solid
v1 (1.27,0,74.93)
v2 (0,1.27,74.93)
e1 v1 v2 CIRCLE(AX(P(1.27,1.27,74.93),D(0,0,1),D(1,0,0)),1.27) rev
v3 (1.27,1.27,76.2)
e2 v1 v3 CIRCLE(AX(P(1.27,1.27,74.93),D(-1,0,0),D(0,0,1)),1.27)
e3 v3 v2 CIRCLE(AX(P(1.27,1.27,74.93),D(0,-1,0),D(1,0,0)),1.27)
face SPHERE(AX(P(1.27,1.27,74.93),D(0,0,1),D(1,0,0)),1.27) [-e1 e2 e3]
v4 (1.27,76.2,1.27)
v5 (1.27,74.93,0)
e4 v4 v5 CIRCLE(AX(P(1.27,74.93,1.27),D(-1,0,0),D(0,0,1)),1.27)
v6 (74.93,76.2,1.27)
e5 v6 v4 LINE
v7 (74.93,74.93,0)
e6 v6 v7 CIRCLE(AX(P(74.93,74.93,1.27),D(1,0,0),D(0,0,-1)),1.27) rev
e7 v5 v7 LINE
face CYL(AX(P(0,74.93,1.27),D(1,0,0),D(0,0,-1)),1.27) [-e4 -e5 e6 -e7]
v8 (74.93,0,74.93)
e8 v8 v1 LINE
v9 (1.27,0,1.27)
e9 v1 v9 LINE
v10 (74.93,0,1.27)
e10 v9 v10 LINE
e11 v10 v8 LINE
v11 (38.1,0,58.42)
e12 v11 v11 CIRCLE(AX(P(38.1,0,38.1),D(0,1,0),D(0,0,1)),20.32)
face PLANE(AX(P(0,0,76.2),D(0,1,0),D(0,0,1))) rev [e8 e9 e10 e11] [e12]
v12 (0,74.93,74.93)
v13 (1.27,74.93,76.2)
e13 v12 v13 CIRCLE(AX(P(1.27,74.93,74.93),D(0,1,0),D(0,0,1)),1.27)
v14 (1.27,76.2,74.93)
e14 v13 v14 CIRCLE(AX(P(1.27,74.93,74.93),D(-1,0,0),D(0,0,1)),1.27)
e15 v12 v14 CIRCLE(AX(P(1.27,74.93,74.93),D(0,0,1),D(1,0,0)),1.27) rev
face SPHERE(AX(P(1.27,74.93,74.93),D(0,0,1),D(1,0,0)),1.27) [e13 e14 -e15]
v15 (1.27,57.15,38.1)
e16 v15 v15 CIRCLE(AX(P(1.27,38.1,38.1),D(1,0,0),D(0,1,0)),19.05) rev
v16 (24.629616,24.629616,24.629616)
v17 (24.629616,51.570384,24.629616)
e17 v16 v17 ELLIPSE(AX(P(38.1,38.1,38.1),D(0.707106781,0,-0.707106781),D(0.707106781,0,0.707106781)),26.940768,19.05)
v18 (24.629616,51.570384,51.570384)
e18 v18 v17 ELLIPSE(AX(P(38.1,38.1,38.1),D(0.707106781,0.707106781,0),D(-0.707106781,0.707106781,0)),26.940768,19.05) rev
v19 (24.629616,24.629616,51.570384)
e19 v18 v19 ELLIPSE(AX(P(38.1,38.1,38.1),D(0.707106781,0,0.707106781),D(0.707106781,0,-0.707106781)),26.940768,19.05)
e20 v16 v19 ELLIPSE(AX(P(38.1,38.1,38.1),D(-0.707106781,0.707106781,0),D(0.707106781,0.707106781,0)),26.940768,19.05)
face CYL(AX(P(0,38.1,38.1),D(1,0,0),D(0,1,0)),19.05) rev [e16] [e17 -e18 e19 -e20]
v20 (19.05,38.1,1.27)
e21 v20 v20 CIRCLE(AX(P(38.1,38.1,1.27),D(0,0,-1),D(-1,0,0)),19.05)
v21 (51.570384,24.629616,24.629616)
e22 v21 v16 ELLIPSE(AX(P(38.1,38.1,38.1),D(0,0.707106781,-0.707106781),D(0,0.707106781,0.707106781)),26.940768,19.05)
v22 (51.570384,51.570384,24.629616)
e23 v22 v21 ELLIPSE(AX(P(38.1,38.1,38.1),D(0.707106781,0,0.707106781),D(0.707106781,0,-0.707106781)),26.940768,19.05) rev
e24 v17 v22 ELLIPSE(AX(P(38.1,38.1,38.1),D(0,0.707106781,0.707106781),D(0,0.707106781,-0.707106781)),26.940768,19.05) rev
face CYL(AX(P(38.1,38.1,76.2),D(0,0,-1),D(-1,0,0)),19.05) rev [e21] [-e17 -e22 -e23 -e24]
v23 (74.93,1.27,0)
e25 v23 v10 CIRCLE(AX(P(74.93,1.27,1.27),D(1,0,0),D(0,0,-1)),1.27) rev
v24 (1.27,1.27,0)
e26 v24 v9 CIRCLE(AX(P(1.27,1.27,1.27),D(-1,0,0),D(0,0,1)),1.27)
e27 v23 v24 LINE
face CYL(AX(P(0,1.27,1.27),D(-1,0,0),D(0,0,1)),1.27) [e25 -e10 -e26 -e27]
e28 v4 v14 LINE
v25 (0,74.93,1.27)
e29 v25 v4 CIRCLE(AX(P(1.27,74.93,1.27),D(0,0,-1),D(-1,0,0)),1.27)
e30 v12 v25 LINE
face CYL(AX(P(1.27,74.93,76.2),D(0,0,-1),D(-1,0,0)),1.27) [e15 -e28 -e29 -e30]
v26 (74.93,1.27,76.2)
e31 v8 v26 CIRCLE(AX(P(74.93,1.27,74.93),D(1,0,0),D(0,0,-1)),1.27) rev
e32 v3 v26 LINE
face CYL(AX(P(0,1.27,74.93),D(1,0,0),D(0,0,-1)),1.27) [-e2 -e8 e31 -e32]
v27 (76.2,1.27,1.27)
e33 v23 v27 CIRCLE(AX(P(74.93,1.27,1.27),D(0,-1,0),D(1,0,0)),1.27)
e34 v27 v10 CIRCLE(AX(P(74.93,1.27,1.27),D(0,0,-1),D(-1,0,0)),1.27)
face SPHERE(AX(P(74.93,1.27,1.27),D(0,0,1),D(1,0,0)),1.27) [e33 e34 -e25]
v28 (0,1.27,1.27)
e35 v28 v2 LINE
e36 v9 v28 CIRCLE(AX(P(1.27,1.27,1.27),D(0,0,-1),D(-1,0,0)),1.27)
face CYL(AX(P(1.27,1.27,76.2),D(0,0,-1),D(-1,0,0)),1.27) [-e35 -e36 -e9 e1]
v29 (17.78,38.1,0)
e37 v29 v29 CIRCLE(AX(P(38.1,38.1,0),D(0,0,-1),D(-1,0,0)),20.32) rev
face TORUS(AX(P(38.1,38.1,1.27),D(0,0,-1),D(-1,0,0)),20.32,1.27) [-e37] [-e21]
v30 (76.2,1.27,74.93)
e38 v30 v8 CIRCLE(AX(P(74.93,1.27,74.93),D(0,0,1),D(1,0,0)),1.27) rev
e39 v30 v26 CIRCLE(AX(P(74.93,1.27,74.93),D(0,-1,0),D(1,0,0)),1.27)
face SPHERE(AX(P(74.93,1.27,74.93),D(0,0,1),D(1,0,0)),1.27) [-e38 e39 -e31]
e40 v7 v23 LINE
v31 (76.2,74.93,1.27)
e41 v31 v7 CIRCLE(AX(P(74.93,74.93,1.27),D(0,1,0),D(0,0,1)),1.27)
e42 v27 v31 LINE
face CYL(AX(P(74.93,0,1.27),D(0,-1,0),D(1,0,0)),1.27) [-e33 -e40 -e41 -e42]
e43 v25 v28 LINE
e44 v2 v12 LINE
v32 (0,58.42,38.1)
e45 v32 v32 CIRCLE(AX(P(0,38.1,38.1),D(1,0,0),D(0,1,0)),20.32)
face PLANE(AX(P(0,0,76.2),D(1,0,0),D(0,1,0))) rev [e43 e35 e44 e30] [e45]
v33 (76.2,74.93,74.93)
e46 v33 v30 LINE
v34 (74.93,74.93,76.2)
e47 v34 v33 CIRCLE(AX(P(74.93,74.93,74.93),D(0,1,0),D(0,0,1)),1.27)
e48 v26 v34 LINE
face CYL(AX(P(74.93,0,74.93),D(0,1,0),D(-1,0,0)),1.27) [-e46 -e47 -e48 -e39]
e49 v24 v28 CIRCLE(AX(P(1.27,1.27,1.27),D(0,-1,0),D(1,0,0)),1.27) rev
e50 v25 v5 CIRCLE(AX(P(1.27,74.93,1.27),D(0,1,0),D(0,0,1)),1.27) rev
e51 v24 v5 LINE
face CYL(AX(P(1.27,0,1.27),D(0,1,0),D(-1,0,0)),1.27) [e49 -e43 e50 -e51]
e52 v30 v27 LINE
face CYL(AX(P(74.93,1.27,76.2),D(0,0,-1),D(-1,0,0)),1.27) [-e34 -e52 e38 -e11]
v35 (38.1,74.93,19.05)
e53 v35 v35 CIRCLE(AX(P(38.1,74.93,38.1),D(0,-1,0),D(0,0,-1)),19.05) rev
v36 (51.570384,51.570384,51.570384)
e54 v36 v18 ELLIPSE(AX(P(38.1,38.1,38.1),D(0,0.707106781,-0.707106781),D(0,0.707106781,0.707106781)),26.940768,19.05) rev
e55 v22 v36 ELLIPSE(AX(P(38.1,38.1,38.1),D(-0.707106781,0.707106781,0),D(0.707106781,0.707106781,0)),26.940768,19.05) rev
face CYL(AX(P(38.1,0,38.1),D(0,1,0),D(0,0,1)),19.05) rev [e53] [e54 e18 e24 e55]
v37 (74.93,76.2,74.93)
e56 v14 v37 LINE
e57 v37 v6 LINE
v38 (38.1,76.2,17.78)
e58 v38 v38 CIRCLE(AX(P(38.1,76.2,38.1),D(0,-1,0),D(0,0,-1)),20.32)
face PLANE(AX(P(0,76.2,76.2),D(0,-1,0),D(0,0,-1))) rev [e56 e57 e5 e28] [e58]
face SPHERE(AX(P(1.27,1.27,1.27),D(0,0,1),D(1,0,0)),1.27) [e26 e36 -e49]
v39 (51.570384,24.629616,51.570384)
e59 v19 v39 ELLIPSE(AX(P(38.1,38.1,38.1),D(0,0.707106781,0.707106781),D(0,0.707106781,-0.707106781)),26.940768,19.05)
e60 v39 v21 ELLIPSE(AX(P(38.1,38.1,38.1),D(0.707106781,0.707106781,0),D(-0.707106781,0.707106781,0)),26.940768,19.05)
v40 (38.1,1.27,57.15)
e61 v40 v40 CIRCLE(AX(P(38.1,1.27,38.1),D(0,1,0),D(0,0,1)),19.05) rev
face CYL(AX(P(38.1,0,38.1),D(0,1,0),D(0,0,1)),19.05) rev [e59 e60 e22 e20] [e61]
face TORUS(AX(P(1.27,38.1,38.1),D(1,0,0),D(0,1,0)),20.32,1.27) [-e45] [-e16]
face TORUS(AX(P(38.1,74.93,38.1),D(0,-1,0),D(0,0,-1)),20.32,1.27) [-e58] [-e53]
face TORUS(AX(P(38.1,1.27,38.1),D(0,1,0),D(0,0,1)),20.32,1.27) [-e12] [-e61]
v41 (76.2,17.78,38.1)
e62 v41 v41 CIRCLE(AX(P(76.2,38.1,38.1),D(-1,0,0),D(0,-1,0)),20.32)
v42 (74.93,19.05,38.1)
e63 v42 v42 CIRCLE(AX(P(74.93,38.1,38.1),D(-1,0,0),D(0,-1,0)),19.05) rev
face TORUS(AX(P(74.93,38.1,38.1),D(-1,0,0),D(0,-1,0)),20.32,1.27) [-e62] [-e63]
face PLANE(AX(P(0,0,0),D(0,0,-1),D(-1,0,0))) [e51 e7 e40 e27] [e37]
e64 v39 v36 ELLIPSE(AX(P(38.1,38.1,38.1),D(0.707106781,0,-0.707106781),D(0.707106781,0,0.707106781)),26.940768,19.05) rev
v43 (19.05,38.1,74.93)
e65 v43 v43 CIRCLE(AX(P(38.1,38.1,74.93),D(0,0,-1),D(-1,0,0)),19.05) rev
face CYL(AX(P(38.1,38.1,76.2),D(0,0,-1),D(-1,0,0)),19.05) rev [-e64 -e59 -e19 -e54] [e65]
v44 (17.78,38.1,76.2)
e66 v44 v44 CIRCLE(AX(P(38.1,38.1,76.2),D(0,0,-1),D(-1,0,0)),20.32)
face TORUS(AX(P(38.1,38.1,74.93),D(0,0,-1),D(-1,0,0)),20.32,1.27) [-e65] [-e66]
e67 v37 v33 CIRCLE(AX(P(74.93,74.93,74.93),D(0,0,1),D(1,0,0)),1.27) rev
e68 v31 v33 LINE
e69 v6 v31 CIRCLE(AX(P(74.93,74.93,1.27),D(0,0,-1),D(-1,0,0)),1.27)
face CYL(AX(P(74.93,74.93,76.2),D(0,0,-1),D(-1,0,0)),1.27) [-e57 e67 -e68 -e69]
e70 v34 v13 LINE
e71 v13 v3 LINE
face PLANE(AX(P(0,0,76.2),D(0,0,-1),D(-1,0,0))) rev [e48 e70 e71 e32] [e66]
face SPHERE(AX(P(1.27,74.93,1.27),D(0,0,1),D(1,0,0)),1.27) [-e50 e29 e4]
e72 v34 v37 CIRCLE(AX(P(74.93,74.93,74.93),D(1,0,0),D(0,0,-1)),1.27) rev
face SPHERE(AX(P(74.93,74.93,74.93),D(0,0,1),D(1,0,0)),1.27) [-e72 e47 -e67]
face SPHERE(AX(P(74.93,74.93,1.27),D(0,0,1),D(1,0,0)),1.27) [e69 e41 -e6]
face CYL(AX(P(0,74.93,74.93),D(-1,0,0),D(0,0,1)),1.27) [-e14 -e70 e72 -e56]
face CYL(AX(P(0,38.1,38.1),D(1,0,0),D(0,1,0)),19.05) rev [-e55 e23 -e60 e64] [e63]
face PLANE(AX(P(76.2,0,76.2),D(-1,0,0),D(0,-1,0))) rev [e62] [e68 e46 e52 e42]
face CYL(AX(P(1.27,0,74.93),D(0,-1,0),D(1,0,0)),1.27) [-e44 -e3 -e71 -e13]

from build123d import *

# Parameters (mm, degrees)
SKETCH2_W           = 76.2
SKETCH2_H           = 76.2
BOSS_EXTRUDE2_DEPTH = 76.2
SKETCH3_R           = 19.05
CUT_EXTRUDE1_DEPTH  = 76.2
SKETCH4_R           = 19.05
CUT_EXTRUDE2_DEPTH  = 132.982271537
SKETCH5_R           = 19.05
CUT_EXTRUDE3_DEPTH  = 132.982271537
FILLET2_R           = 1.27


with BuildPart() as part:
    # Sketch2 → Boss-Extrude2 (new body)
    with BuildSketch(Plane.XY):
        with Locations((38.1, 38.1)):
            Rectangle(SKETCH2_W, SKETCH2_H)
    extrude(amount=BOSS_EXTRUDE2_DEPTH)

    # Sketch3 → Cut-Extrude1 (cut)
    with BuildSketch(Plane(origin=(0, 76.2, 0), x_dir=(1, 0, 0), z_dir=(0, 1, 0))):
        with Locations(Location((38.1, -38.1, 0), (0, 0, 270))):
            Circle(SKETCH3_R)
    extrude(amount=-CUT_EXTRUDE1_DEPTH, mode=Mode.SUBTRACT)

    # Sketch4 → Cut-Extrude2 (cut, through all)
    with BuildSketch(Plane(origin=(76.2, 0, 0), x_dir=(0, 0, -1), z_dir=(1, 0, 0))):
        with Locations(Location((-38.1, 38.1, 0), (0, 0, 90))):
            Circle(SKETCH4_R)
    extrude(amount=-CUT_EXTRUDE2_DEPTH, mode=Mode.SUBTRACT)

    # Sketch5 → Cut-Extrude3 (cut, through all)
    with BuildSketch(Plane(origin=(0, 0, 0), x_dir=(-1, 0, 0), z_dir=(0, 0, -1))):
        with Locations((-38.1, 38.1)):
            Circle(SKETCH5_R)
    extrude(amount=-CUT_EXTRUDE3_DEPTH, mode=Mode.SUBTRACT)

    # Fillet2
    fillet2_edges = [part.edges().sort_by_distance(p)[0] for p in [
        (76.2, 38.1, 76.2),
        (38.1, 0, 19.05),
        (38.1, 76.2, 19.05),
        (38.1, 76.2, 76.2),
        (0, 19.05, 38.1),
        (76.2, 19.05, 38.1),
        (57.15, 38.1, 76.2),
        (57.15, 38.1, 0),
        (0, 38.1, 76.2),
        (38.1, 76.2, 0),
        (76.2, 38.1, 0),
        (38.1, 0, 0),
        (0, 38.1, 0),
        (0, 76.2, 38.1),
        (76.2, 76.2, 38.1),
        (76.2, 0, 38.1),
        (0, 0, 38.1),
        (38.1, 0, 76.2),
    ]]
    fillet(fillet2_edges, radius=FILLET2_R)


solid = part.part
